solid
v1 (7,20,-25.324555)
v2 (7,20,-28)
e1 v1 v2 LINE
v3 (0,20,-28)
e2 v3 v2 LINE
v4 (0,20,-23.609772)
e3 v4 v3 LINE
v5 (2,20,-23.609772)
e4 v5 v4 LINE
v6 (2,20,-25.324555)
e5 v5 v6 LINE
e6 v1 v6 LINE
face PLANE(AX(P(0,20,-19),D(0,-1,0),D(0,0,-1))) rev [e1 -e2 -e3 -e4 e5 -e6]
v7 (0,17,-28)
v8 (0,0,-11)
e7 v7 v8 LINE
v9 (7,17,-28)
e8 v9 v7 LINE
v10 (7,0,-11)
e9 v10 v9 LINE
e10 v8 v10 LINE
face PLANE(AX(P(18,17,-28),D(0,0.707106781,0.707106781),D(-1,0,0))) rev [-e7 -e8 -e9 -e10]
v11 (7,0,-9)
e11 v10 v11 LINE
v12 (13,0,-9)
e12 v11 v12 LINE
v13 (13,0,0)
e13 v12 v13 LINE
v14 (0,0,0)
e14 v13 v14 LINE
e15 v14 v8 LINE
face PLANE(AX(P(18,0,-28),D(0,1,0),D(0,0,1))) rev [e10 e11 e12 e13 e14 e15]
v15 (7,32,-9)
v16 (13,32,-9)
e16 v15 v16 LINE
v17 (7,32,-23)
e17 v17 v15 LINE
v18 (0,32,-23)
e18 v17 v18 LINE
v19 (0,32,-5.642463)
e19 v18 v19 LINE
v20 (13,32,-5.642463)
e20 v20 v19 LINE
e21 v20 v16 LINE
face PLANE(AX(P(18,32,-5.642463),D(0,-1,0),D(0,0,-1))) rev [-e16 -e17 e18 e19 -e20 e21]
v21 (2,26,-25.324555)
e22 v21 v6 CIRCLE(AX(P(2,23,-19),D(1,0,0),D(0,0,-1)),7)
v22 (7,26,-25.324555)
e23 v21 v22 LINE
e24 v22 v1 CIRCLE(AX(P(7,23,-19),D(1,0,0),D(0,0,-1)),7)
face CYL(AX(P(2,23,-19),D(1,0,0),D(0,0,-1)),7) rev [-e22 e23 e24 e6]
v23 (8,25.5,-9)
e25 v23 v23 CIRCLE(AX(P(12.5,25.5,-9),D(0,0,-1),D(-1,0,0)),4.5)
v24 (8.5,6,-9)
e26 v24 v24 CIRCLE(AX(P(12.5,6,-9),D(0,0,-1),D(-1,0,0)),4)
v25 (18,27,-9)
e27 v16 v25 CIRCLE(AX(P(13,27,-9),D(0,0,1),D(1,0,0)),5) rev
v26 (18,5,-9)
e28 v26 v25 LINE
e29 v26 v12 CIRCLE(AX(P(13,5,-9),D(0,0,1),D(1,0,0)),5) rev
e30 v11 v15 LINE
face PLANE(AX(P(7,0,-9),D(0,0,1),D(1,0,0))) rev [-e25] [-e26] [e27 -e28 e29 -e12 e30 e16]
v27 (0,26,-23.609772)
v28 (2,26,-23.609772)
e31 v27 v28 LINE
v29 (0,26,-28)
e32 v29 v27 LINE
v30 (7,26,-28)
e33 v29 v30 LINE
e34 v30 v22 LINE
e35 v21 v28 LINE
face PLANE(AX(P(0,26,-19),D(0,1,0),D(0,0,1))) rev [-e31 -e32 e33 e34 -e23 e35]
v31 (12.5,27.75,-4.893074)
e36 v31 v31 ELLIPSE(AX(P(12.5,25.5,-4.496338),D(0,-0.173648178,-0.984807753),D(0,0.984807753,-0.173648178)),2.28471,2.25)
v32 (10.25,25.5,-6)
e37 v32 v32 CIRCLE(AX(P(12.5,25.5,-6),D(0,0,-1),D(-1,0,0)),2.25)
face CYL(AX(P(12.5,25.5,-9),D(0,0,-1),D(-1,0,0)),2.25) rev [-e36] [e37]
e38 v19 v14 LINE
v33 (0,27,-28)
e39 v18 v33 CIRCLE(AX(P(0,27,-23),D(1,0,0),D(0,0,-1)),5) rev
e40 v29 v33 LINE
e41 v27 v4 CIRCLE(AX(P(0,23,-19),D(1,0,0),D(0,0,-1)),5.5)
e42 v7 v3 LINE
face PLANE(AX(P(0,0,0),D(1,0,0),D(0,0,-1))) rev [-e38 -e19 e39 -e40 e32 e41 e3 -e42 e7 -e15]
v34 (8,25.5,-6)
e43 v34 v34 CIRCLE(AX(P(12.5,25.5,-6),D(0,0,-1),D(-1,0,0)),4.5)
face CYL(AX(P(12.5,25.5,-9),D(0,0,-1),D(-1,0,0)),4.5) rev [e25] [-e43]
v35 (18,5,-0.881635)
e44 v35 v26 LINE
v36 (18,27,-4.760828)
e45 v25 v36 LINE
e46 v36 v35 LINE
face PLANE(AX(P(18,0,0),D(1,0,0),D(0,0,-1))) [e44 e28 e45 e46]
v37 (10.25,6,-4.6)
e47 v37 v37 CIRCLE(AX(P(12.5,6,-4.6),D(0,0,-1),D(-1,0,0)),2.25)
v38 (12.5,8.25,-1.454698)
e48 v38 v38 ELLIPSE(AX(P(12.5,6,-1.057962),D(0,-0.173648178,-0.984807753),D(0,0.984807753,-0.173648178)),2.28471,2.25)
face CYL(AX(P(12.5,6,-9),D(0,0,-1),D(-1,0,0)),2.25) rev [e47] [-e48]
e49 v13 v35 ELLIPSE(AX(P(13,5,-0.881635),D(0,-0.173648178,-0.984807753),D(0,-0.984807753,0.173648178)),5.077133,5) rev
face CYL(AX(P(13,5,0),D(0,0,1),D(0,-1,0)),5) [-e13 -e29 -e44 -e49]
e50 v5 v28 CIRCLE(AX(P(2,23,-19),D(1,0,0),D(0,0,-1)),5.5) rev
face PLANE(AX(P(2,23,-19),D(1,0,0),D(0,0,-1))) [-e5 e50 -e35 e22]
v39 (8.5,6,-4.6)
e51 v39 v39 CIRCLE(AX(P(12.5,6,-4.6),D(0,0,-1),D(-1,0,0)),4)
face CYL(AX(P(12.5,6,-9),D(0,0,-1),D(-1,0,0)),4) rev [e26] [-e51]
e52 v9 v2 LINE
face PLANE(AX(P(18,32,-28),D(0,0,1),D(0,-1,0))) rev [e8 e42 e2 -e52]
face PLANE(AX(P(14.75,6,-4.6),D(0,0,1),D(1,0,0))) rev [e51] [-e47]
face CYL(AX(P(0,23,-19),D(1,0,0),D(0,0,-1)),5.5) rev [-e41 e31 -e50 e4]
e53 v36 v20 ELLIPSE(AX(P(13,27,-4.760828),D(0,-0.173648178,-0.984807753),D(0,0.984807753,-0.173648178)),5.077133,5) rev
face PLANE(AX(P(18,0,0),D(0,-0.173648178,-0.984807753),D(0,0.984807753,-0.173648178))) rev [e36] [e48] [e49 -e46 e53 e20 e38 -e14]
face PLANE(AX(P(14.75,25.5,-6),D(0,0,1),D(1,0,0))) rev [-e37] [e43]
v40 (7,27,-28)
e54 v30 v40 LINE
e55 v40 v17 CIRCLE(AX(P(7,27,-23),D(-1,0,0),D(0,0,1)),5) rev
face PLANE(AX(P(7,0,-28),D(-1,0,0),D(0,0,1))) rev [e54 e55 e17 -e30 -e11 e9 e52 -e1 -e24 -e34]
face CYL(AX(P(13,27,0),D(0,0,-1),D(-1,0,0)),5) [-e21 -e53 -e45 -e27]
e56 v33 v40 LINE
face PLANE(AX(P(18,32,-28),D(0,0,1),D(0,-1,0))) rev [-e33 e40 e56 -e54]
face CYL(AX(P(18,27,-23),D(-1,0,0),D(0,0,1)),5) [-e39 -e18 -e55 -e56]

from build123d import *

# Parameters (mm, degrees)
BOSS_EXTRU_1_DEPTH                                 = 18
ESQUISSE2_W                                        = 11
ESQUISSE2_H                                        = 19
ENL_V_MAT_EXTRU_1_DEPTH                            = 33
CHAMBRAGE_POUR_VIS_T_TE_HEXAGONALE_M41_D           = 4.5
CHAMBRAGE_POUR_VIS_T_TE_HEXAGONALE_M41_CBORE_D     = 8
CHAMBRAGE_POUR_VIS_T_TE_HEXAGONALE_M41_CBORE_DEPTH = 4.4
CHAMBRAGE_POUR_VIS_T_TE_HEXAGONALE_M44_D           = 4.5
CHAMBRAGE_POUR_VIS_T_TE_HEXAGONALE_M44_CBORE_D     = 9
CHAMBRAGE_POUR_VIS_T_TE_HEXAGONALE_M44_CBORE_DEPTH = 3
ESQUISSE9_R                                        = 5.5
ENL_V_MAT_EXTRU_2_DEPTH                            = 8
ESQUISSE10_R                                       = 7
ENL_V_MAT_EXTRU_3_DEPTH                            = 5
ESQUISSE11_W                                       = 9
ESQUISSE11_H                                       = 6
ENL_V_MAT_EXTRU_4_DEPTH                            = 8
CHANFREIN1_SIZE                                    = 17
CONG_1_R                                           = 5
CONG_2_R                                           = 5


with BuildPart() as part:
    # Esquisse1 → Boss.-Extru.1 (new body)
    with BuildSketch(Plane(origin=(0, 0, 0), x_dir=(0, 0, -1), z_dir=(1, 0, 0))):
        Polygon((0, 0), (5.642463383, 32), (28, 32), (28, 0), align=None)
    extrude(amount=BOSS_EXTRU_1_DEPTH)

    # Esquisse2 → Enlèv. mat.-Extru.1 (cut, through all)
    with BuildSketch(Plane(origin=(0, 32, 0), x_dir=(1, 0, 0), z_dir=(0, 1, 0))):
        with Locations((12.5, 18.5)):
            Rectangle(ESQUISSE2_W, ESQUISSE2_H)
    extrude(amount=-ENL_V_MAT_EXTRU_1_DEPTH, mode=Mode.SUBTRACT)

    # Chambrage pour vis à tête hexagonale M41 (through all)
    with Locations(Plane(origin=(0, 0, -9), x_dir=(-1, 0, 0), z_dir=(0, 0, -1))):
        with Locations((-12.5, 6)):
            CounterBoreHole(CHAMBRAGE_POUR_VIS_T_TE_HEXAGONALE_M41_D / 2, CHAMBRAGE_POUR_VIS_T_TE_HEXAGONALE_M41_CBORE_D / 2, CHAMBRAGE_POUR_VIS_T_TE_HEXAGONALE_M41_CBORE_DEPTH)

    # Chambrage pour vis à tête hexagonale M44 (through all)
    with Locations(Plane(origin=(0, 0, -9), x_dir=(-1, 0, 0), z_dir=(0, 0, -1))):
        with Locations((-12.5, 25.5)):
            CounterBoreHole(CHAMBRAGE_POUR_VIS_T_TE_HEXAGONALE_M44_D / 2, CHAMBRAGE_POUR_VIS_T_TE_HEXAGONALE_M44_CBORE_D / 2, CHAMBRAGE_POUR_VIS_T_TE_HEXAGONALE_M44_CBORE_DEPTH)

    # Esquisse9 → Enlèv. mat.-Extru.2 (cut, through all)
    with BuildSketch(Plane(origin=(7, 0, 0), x_dir=(0, 0, -1), z_dir=(1, 0, 0))):
        with Locations((19, 23)):
            Circle(ESQUISSE9_R)
    extrude(amount=-ENL_V_MAT_EXTRU_2_DEPTH, mode=Mode.SUBTRACT)

    # Esquisse10 → Enlèv. mat.-Extru.3 (cut)
    with BuildSketch(Plane(origin=(7, 0, 0), x_dir=(0, 0, -1), z_dir=(1, 0, 0))):
        with Locations((19, 23)):
            Circle(ESQUISSE10_R)
    extrude(amount=-ENL_V_MAT_EXTRU_3_DEPTH, mode=Mode.SUBTRACT)

    # Esquisse11 → Enlèv. mat.-Extru.4 (cut, through all)
    with BuildSketch(Plane(origin=(7, 0, 0), x_dir=(0, 0, -1), z_dir=(1, 0, 0))):
        with Locations((23.5, 23)):
            Rectangle(ESQUISSE11_W, ESQUISSE11_H)
    extrude(amount=-ENL_V_MAT_EXTRU_4_DEPTH, mode=Mode.SUBTRACT)

    # Chanfrein1
    chanfrein1_edges = [part.edges().sort_by_distance(p)[0] for p in [
        (3.5, 0, -28),
    ]]
    chamfer(chanfrein1_edges, length=CHANFREIN1_SIZE)

    # Congé1
    cong_1_edges = [part.edges().sort_by_distance(p)[0] for p in [
        (3.5, 32, -28),
    ]]
    fillet(cong_1_edges, radius=CONG_1_R)

    # Congé2
    cong_2_edges = [part.edges().sort_by_distance(p)[0] for p in [
        (18, 32, -7.321231691),
        (18, 0, -4.5),
    ]]
    fillet(cong_2_edges, radius=CONG_2_R)


solid = part.part
